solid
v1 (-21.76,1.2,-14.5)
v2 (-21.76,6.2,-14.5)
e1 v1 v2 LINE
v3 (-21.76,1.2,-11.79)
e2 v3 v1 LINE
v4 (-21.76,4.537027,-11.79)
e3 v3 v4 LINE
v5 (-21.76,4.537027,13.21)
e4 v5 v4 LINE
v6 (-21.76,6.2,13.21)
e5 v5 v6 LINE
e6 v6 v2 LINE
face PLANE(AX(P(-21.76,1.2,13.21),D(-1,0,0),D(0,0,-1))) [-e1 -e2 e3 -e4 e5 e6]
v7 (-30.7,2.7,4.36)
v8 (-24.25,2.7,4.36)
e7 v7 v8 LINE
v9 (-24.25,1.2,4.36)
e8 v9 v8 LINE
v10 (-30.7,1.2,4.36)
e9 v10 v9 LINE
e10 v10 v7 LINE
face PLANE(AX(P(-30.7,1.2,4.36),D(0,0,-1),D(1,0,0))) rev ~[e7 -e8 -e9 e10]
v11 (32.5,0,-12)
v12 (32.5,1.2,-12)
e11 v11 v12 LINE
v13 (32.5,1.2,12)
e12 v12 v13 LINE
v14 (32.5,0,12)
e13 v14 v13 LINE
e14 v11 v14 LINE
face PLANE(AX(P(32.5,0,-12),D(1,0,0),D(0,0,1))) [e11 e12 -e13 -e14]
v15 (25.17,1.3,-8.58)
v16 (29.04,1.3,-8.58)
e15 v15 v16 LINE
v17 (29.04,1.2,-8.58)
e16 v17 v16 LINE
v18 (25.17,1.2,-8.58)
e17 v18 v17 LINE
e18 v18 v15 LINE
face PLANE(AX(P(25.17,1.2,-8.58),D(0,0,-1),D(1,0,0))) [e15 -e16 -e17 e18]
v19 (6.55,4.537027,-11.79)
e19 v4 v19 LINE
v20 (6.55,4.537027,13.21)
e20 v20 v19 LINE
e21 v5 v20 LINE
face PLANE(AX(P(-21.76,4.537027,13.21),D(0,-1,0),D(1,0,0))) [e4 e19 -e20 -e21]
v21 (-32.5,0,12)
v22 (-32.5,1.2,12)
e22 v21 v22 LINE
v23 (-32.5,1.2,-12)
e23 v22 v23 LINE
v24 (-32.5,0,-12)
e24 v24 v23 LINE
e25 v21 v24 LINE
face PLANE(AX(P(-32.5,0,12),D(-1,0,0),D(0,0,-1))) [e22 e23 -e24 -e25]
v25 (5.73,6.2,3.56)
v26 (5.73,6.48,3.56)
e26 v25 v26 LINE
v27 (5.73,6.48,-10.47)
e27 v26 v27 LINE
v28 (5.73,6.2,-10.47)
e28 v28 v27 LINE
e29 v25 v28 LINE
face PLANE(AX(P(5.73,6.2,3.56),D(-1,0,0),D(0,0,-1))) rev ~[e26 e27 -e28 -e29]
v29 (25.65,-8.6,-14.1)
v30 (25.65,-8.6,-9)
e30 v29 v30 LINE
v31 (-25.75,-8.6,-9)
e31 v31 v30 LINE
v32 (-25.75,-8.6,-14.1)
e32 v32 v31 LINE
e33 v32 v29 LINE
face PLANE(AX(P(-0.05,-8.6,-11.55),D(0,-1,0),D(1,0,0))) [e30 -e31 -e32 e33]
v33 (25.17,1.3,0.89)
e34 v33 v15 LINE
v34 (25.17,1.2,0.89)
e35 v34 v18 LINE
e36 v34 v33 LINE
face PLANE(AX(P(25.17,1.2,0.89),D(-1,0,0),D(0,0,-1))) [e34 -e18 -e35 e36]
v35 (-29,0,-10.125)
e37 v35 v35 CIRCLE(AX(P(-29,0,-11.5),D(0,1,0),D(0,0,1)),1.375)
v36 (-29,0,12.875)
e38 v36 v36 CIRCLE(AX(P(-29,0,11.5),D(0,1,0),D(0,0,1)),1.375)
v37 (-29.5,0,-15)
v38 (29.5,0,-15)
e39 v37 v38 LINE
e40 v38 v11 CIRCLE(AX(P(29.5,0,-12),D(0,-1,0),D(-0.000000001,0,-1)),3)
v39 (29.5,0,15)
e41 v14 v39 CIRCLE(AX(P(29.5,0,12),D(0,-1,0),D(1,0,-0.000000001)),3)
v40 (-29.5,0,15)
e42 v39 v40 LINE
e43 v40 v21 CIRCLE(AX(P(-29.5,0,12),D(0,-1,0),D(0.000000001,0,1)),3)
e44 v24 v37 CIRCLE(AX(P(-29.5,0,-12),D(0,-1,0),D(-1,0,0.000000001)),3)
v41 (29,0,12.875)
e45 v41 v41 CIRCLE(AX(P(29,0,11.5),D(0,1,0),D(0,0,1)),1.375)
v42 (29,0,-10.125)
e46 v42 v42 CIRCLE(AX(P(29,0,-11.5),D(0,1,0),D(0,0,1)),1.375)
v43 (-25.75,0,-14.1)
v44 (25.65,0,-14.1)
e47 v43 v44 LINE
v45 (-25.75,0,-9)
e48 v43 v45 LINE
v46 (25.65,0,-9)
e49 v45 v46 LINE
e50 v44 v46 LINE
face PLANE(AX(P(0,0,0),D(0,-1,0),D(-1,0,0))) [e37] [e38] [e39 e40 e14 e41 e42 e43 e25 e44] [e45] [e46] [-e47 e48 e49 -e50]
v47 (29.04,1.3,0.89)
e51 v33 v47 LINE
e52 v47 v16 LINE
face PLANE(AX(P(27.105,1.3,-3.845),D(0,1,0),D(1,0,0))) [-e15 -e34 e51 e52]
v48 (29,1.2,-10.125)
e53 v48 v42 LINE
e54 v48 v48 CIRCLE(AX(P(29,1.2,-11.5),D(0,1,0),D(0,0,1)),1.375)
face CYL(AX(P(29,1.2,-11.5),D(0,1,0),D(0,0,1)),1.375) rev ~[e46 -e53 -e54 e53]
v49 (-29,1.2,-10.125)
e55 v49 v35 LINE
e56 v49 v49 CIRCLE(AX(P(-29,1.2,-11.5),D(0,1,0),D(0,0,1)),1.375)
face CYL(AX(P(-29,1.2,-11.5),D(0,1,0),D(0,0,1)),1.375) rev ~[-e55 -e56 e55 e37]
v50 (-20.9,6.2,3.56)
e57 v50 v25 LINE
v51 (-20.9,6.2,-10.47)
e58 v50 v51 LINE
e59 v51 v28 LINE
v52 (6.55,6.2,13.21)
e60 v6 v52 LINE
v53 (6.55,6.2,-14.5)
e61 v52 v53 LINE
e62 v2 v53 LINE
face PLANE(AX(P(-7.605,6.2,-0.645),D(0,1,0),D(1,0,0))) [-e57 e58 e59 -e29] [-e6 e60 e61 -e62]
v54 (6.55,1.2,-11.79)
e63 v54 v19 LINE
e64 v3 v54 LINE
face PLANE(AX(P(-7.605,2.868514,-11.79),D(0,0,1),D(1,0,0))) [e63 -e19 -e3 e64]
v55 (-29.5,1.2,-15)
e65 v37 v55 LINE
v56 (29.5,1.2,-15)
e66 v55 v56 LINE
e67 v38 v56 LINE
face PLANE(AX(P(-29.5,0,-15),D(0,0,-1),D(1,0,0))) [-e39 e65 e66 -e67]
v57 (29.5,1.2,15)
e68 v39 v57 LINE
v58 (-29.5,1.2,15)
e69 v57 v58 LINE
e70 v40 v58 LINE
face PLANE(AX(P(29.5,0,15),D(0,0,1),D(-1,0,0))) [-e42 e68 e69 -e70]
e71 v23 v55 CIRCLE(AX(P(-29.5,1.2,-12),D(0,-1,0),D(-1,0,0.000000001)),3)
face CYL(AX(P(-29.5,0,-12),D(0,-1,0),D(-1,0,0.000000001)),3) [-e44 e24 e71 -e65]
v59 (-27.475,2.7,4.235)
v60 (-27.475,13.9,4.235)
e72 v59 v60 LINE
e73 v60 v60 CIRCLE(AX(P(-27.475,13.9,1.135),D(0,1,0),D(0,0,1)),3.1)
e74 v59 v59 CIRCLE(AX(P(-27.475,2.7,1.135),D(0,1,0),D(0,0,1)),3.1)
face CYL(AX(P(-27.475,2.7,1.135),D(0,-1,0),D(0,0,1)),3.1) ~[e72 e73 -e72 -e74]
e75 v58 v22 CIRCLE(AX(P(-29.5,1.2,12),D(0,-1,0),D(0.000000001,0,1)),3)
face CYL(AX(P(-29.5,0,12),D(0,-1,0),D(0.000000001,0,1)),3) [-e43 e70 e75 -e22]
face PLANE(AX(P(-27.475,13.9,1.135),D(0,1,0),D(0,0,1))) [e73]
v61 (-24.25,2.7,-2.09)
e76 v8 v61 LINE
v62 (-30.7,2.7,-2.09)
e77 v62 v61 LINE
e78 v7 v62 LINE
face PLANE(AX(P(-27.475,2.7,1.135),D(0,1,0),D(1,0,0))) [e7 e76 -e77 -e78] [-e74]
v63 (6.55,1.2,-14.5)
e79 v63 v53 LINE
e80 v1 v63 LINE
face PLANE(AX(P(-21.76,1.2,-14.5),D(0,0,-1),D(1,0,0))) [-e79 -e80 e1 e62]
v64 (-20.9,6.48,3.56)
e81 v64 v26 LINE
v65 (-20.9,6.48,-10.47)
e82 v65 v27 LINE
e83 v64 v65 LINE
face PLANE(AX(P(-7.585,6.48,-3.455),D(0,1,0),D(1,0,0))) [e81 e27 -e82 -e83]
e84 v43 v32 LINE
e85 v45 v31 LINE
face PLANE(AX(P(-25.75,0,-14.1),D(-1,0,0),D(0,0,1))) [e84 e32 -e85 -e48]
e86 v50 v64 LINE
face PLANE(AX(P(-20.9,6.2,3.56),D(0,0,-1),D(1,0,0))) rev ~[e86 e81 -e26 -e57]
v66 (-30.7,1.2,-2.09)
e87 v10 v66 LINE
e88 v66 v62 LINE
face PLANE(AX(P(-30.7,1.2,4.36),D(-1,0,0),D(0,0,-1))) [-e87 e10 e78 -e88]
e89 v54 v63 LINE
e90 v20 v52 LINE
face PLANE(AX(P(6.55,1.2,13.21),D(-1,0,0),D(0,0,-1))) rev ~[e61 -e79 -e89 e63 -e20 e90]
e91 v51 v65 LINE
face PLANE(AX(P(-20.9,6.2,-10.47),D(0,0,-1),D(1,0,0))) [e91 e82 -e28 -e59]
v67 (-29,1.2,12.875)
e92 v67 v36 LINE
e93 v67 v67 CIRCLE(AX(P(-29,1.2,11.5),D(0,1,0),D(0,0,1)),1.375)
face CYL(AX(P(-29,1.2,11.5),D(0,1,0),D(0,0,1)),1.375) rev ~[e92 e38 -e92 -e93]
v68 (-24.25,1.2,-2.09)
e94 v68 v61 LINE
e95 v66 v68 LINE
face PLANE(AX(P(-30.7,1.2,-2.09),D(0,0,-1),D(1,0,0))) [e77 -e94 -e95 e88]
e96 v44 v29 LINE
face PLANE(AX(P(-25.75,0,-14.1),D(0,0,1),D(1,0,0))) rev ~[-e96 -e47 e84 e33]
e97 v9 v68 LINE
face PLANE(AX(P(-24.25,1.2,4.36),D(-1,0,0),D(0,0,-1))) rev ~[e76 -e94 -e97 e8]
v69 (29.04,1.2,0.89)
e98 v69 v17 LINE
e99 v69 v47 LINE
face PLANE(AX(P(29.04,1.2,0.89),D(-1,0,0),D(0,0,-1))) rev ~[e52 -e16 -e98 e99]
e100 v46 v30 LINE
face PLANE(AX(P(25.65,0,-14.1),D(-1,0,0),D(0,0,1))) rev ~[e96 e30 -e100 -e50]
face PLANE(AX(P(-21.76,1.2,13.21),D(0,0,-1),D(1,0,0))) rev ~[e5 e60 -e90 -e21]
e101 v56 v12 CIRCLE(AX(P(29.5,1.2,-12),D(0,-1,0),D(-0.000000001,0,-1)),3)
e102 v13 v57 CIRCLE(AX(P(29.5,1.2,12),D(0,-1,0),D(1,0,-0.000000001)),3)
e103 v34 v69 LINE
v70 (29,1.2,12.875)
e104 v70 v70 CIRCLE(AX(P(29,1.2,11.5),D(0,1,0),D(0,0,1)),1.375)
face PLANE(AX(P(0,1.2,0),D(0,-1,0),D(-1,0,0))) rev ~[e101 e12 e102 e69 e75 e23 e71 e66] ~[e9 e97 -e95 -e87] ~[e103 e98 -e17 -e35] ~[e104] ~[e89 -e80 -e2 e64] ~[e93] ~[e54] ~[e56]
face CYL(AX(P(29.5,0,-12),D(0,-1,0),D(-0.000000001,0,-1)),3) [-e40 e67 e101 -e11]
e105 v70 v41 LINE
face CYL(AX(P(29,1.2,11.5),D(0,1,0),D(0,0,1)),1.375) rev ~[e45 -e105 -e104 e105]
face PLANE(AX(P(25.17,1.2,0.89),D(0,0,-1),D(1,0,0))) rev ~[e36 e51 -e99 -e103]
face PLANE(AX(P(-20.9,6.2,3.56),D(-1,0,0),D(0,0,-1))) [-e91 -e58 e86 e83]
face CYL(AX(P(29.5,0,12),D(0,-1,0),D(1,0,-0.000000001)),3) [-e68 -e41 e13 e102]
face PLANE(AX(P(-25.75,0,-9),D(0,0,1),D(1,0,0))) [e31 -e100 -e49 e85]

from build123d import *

# Parameters (mm, degrees)
EXTRUDE_1_DEPTH     = 1.2
SKETCH_2_R          = 1.375
CUT_EXTRUDE_1_DEPTH = 1.2
SKETCH_11_W         = 51.4
SKETCH_11_H         = 5.1
EXTRUDE_9_DEPTH     = 8.6
SKETCH_12_W         = 6.45
SKETCH_12_H         = 6.45
EXTRUDE_10_DEPTH    = 1.5
SKETCH_13_R         = 3.1
EXTRUDE_11_DEPTH    = 11.2
SKETCH_14_W         = 28.31
SKETCH_14_H         = 27.71
EXTRUDE_12_DEPTH    = 5
SKETCH_15_W         = 26.63
SKETCH_15_H         = 14.03
EXTRUDE_13_DEPTH    = 0.28
SKETCH_16_W         = 3.87
SKETCH_16_H         = 9.47
EXTRUDE_14_DEPTH    = 0.1
SKETCH_17_W         = 28.31
SKETCH_17_H         = 3.337027264
CUT_EXTRUDE_2_DEPTH = 25


with BuildPart() as part:
    # 草图1 → 凸台-拉伸1 (new body)
    with BuildSketch(Plane(origin=(0, 0, 0), x_dir=(1, 0, 0), z_dir=(0, 1, 0))):
        with BuildLine():
            Line((-29.5, 15), (29.5, 15))
            ThreePointArc((29.5, 15), (31.621320344, 14.121320344), (32.5, 12))
            Line((32.5, 12), (32.5, -12))
            ThreePointArc((32.5, -12), (31.621320344, -14.121320344), (29.5, -15))
            Line((29.5, -15), (-29.5, -15))
            ThreePointArc((-29.5, -15), (-31.621320344, -14.121320344), (-32.5, -12))
            Line((-32.5, -12), (-32.5, 12))
            ThreePointArc((-32.5, 12), (-31.621320344, 14.121320344), (-29.5, 15))
        make_face()
    extrude(amount=EXTRUDE_1_DEPTH)

    # 草图2 → 切除-拉伸1 (cut)
    with BuildSketch(Plane(origin=(0, 1.2, 0), x_dir=(1, 0, 0), z_dir=(0, 1, 0))):
        with Locations(Location((29, -11.5, 0), (0, 0, 270))):
            Circle(SKETCH_2_R)
        with Locations(Location((29, 11.5, 0), (0, 0, 270))):
            Circle(SKETCH_2_R)
        with Locations(Location((-29, -11.5, 0), (0, 0, 270))):
            Circle(SKETCH_2_R)
        with Locations(Location((-29, 11.5, 0), (0, 0, 270))):
            Circle(SKETCH_2_R)
    extrude(amount=-CUT_EXTRUDE_1_DEPTH, mode=Mode.SUBTRACT)

    # 草图11 → 凸台-拉伸9 (add)
    with BuildSketch(Plane.XZ):
        with Locations((-0.05, -11.55)):
            Rectangle(SKETCH_11_W, SKETCH_11_H)
    extrude(amount=EXTRUDE_9_DEPTH)

    # 草图12 → 凸台-拉伸10 (add)
    with BuildSketch(Plane(origin=(0, 1.2, 0), x_dir=(1, 0, 0), z_dir=(0, 1, 0))):
        with Locations((-27.475, -1.135)):
            Rectangle(SKETCH_12_W, SKETCH_12_H)
    extrude(amount=EXTRUDE_10_DEPTH)

    # 草图13 → 凸台-拉伸11 (add)
    with BuildSketch(Plane(origin=(0, 2.7, 0), x_dir=(1, 0, 0), z_dir=(0, 1, 0))):
        with Locations(Location((-27.475, -1.135, 0), (0, 0, 270))):
            Circle(SKETCH_13_R)
    extrude(amount=EXTRUDE_11_DEPTH)

    # 草图14 → 凸台-拉伸12 (add)
    with BuildSketch(Plane(origin=(0, 1.2, 0), x_dir=(1, 0, 0), z_dir=(0, 1, 0))):
        with Locations((-7.605, 0.645)):
            Rectangle(SKETCH_14_W, SKETCH_14_H)
    extrude(amount=EXTRUDE_12_DEPTH)

    # 草图15 → 凸台-拉伸13 (add)
    with BuildSketch(Plane(origin=(0, 6.2, 0), x_dir=(1, 0, 0), z_dir=(0, 1, 0))):
        with Locations((-7.585, 3.455)):
            Rectangle(SKETCH_15_W, SKETCH_15_H)
    extrude(amount=EXTRUDE_13_DEPTH)

    # 草图16 → 凸台-拉伸14 (add)
    with BuildSketch(Plane(origin=(0, 1.2, 0), x_dir=(1, 0, 0), z_dir=(0, 1, 0))):
        with Locations((27.105, 3.845)):
            Rectangle(SKETCH_16_W, SKETCH_16_H)
    extrude(amount=EXTRUDE_14_DEPTH)

    # 草图17 → 切除-拉伸2 (cut)
    with BuildSketch(Plane.XY.offset(13.21)):
        with Locations((-7.605, 2.868513632)):
            Rectangle(SKETCH_17_W, SKETCH_17_H)
    extrude(amount=-CUT_EXTRUDE_2_DEPTH, mode=Mode.SUBTRACT)


solid = part.part
